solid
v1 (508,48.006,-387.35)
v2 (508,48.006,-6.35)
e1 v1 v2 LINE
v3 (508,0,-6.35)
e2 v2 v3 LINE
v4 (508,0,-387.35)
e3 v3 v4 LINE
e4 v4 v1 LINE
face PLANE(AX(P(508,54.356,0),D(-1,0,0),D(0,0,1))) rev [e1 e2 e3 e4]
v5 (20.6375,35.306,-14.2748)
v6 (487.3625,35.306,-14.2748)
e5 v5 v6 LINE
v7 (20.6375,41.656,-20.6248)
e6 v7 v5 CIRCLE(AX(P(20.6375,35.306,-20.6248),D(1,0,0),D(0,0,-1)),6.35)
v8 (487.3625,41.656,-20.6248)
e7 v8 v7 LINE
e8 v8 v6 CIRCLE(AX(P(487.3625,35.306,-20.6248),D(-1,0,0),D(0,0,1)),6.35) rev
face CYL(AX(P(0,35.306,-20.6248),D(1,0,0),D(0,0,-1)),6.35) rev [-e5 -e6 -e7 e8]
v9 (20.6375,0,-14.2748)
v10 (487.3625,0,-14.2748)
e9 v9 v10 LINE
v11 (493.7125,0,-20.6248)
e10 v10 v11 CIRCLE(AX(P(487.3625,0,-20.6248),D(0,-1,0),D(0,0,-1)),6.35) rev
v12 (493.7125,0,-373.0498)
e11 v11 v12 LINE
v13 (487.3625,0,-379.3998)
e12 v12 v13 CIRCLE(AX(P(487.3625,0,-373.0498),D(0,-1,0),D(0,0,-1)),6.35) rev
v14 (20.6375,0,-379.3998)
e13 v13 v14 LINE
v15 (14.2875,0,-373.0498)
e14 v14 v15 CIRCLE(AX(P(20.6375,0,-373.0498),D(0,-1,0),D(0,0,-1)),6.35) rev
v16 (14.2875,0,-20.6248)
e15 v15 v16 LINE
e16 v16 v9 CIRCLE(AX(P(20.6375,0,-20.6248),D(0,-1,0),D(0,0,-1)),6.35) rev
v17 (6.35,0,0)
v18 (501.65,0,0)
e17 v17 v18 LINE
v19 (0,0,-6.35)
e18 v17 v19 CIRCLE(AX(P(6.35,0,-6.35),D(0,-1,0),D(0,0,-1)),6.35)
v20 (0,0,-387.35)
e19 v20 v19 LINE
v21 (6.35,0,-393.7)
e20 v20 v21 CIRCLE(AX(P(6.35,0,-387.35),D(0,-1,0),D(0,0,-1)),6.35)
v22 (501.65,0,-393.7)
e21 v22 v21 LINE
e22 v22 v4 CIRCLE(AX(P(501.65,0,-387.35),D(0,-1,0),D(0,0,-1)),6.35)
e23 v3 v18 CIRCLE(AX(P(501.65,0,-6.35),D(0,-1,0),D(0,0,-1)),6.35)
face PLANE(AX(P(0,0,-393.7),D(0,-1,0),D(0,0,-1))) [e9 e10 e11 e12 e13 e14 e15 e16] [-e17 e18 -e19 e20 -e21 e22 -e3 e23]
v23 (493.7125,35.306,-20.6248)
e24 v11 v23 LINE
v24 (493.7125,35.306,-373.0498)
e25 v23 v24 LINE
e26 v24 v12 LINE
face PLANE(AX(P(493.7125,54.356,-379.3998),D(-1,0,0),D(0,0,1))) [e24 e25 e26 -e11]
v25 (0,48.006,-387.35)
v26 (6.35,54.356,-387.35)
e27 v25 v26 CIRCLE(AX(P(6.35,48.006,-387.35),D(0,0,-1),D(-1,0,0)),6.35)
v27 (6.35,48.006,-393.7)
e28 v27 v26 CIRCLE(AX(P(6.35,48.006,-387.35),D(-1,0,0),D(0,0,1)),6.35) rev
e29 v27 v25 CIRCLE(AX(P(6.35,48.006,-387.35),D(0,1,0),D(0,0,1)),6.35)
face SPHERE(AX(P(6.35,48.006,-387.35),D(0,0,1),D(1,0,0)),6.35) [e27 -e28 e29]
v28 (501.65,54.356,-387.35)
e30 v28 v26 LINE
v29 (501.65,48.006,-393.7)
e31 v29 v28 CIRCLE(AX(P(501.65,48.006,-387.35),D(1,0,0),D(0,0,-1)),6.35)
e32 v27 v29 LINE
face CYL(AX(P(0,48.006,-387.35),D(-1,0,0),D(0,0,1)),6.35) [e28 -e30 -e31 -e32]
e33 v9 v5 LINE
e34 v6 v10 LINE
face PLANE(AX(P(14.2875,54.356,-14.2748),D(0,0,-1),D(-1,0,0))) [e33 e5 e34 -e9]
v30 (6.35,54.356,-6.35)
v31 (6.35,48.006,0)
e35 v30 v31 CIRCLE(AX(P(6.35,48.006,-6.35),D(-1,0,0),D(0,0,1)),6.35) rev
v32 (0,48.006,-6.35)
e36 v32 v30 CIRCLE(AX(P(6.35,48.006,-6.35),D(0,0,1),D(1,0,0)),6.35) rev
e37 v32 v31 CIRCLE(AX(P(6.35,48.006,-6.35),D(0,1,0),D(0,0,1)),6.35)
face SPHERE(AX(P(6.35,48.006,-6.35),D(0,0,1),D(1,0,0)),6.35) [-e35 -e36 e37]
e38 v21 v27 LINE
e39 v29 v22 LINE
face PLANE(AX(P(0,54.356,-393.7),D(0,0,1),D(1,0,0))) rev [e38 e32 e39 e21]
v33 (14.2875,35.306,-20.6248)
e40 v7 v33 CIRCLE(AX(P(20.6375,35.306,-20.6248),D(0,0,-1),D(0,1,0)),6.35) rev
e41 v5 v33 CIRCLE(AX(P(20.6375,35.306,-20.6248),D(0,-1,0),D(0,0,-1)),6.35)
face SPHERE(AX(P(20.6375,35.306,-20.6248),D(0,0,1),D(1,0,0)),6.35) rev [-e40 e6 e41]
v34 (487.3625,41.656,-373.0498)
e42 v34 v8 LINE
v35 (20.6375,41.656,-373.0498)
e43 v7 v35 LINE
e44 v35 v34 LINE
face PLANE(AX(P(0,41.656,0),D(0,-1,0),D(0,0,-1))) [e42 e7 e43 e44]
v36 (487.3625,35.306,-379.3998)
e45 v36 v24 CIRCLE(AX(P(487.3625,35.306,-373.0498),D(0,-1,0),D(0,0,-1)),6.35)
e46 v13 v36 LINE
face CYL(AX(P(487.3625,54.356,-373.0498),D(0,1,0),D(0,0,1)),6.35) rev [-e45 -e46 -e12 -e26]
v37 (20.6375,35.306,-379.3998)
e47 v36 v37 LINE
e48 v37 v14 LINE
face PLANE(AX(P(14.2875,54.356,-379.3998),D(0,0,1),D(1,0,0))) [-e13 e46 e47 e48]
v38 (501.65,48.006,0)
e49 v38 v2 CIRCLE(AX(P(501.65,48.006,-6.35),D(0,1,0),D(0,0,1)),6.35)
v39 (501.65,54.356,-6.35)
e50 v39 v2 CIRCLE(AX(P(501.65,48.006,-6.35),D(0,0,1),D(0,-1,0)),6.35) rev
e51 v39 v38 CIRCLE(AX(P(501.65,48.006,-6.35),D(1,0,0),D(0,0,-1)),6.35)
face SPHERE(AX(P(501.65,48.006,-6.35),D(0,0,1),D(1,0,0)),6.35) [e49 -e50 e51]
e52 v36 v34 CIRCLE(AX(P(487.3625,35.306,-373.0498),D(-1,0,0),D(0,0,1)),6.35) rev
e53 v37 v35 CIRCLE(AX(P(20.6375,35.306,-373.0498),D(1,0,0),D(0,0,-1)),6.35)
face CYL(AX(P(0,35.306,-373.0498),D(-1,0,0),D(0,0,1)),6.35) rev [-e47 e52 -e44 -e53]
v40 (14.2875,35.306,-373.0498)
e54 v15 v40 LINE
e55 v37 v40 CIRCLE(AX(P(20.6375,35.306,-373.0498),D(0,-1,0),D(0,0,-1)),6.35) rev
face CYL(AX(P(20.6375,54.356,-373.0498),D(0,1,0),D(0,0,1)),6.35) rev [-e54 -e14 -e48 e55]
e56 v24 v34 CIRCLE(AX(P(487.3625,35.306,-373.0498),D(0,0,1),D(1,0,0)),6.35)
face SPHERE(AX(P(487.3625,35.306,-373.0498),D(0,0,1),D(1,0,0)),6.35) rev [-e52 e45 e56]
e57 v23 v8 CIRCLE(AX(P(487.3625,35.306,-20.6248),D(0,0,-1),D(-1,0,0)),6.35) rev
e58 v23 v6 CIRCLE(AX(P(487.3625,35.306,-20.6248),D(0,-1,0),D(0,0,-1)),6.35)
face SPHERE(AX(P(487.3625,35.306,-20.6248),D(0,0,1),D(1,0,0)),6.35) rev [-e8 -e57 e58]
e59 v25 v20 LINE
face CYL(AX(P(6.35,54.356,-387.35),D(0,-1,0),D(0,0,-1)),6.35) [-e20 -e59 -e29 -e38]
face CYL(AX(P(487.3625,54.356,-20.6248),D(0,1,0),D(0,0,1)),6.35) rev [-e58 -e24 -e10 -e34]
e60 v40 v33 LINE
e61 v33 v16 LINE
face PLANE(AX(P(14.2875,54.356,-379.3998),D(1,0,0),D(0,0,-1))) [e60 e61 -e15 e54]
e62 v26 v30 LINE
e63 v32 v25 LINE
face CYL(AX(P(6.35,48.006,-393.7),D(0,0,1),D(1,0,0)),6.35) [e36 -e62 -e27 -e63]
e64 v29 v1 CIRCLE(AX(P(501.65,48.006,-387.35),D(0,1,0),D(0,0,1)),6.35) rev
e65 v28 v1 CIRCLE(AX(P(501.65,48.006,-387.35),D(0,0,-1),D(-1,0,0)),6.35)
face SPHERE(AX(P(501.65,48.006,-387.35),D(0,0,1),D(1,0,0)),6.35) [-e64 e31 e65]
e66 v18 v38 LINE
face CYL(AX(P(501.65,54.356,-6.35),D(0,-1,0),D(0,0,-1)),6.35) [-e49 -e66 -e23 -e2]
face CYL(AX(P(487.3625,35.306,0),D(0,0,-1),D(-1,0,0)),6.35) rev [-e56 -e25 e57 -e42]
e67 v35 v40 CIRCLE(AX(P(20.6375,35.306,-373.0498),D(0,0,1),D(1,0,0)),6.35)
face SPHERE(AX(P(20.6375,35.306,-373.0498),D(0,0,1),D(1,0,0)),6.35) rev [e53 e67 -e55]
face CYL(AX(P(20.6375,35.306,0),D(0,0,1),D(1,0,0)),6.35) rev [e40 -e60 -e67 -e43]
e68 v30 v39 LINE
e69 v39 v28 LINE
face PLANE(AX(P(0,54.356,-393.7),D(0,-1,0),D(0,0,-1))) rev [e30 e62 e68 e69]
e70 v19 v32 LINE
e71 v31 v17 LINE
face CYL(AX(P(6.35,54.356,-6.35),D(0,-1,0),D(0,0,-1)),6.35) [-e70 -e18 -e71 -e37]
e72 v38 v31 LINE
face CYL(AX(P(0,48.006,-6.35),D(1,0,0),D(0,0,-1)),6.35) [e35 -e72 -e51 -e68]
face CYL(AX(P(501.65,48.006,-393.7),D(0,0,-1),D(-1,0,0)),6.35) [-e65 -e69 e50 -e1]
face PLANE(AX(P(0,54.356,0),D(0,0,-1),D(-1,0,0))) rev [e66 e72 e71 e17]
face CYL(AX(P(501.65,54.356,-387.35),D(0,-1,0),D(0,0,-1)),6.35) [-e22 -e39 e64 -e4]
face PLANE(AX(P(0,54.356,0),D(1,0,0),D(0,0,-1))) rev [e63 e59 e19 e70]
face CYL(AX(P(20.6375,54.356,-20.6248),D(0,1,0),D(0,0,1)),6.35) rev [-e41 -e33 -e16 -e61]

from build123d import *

# Parameters (mm, degrees)
SKETCH1_W           = 508
SKETCH1_H           = 393.7
SKETCH1_W_2         = 479.425
SKETCH1_H_2         = 365.125
BOSS_EXTRUDE1_DEPTH = 54.356
SKETCH2_W           = 393.7
SKETCH2_H           = 12.7
BOSS_EXTRUDE2_DEPTH = 508
FILLET1_R           = 6.35
FILLET2_R           = 6.35


with BuildPart() as part:
    # Sketch1 → Boss-Extrude1 (new body)
    with BuildSketch(Plane(origin=(0, 0, 0), x_dir=(1, 0, 0), z_dir=(0, 1, 0))):
        with Locations((254, 196.85)):
            Rectangle(SKETCH1_W, SKETCH1_H)
        with Locations((254, 196.8373)):
            Rectangle(SKETCH1_W_2, SKETCH1_H_2, mode=Mode.SUBTRACT)
    extrude(amount=BOSS_EXTRUDE1_DEPTH)

    # Sketch2 → Boss-Extrude2 (add)
    with BuildSketch(Plane(origin=(508, 0, 0), x_dir=(0, 0, -1), z_dir=(1, 0, 0))):
        with Locations((196.85, 48.006)):
            Rectangle(SKETCH2_W, SKETCH2_H)
    extrude(amount=-BOSS_EXTRUDE2_DEPTH)

    # Fillet1
    fillet1_edges = [part.edges().sort_by_distance(p)[0] for p in [
        (508, 54.356, -196.85),
        (254, 54.356, -393.7),
        (0, 54.356, -196.85),
        (254, 54.356, 0),
        (0, 27.178, -393.7),
        (508, 27.178, -393.7),
        (508, 27.178, 0),
        (0, 27.178, 0),
    ]]
    fillet(fillet1_edges, radius=FILLET1_R)

    # Fillet2
    fillet2_edges = [part.edges().sort_by_distance(p)[0] for p in [
        (493.7125, 20.828, -379.3998),
        (14.2875, 20.828, -379.3998),
        (254, 41.656, -379.3998),
        (493.7125, 20.828, -14.2748),
        (14.2875, 20.828, -14.2748),
        (254, 41.656, -14.2748),
        (14.2875, 41.656, -196.8373),
        (493.7125, 41.656, -196.8373),
    ]]
    fillet(fillet2_edges, radius=FILLET2_R)


solid = part.part
